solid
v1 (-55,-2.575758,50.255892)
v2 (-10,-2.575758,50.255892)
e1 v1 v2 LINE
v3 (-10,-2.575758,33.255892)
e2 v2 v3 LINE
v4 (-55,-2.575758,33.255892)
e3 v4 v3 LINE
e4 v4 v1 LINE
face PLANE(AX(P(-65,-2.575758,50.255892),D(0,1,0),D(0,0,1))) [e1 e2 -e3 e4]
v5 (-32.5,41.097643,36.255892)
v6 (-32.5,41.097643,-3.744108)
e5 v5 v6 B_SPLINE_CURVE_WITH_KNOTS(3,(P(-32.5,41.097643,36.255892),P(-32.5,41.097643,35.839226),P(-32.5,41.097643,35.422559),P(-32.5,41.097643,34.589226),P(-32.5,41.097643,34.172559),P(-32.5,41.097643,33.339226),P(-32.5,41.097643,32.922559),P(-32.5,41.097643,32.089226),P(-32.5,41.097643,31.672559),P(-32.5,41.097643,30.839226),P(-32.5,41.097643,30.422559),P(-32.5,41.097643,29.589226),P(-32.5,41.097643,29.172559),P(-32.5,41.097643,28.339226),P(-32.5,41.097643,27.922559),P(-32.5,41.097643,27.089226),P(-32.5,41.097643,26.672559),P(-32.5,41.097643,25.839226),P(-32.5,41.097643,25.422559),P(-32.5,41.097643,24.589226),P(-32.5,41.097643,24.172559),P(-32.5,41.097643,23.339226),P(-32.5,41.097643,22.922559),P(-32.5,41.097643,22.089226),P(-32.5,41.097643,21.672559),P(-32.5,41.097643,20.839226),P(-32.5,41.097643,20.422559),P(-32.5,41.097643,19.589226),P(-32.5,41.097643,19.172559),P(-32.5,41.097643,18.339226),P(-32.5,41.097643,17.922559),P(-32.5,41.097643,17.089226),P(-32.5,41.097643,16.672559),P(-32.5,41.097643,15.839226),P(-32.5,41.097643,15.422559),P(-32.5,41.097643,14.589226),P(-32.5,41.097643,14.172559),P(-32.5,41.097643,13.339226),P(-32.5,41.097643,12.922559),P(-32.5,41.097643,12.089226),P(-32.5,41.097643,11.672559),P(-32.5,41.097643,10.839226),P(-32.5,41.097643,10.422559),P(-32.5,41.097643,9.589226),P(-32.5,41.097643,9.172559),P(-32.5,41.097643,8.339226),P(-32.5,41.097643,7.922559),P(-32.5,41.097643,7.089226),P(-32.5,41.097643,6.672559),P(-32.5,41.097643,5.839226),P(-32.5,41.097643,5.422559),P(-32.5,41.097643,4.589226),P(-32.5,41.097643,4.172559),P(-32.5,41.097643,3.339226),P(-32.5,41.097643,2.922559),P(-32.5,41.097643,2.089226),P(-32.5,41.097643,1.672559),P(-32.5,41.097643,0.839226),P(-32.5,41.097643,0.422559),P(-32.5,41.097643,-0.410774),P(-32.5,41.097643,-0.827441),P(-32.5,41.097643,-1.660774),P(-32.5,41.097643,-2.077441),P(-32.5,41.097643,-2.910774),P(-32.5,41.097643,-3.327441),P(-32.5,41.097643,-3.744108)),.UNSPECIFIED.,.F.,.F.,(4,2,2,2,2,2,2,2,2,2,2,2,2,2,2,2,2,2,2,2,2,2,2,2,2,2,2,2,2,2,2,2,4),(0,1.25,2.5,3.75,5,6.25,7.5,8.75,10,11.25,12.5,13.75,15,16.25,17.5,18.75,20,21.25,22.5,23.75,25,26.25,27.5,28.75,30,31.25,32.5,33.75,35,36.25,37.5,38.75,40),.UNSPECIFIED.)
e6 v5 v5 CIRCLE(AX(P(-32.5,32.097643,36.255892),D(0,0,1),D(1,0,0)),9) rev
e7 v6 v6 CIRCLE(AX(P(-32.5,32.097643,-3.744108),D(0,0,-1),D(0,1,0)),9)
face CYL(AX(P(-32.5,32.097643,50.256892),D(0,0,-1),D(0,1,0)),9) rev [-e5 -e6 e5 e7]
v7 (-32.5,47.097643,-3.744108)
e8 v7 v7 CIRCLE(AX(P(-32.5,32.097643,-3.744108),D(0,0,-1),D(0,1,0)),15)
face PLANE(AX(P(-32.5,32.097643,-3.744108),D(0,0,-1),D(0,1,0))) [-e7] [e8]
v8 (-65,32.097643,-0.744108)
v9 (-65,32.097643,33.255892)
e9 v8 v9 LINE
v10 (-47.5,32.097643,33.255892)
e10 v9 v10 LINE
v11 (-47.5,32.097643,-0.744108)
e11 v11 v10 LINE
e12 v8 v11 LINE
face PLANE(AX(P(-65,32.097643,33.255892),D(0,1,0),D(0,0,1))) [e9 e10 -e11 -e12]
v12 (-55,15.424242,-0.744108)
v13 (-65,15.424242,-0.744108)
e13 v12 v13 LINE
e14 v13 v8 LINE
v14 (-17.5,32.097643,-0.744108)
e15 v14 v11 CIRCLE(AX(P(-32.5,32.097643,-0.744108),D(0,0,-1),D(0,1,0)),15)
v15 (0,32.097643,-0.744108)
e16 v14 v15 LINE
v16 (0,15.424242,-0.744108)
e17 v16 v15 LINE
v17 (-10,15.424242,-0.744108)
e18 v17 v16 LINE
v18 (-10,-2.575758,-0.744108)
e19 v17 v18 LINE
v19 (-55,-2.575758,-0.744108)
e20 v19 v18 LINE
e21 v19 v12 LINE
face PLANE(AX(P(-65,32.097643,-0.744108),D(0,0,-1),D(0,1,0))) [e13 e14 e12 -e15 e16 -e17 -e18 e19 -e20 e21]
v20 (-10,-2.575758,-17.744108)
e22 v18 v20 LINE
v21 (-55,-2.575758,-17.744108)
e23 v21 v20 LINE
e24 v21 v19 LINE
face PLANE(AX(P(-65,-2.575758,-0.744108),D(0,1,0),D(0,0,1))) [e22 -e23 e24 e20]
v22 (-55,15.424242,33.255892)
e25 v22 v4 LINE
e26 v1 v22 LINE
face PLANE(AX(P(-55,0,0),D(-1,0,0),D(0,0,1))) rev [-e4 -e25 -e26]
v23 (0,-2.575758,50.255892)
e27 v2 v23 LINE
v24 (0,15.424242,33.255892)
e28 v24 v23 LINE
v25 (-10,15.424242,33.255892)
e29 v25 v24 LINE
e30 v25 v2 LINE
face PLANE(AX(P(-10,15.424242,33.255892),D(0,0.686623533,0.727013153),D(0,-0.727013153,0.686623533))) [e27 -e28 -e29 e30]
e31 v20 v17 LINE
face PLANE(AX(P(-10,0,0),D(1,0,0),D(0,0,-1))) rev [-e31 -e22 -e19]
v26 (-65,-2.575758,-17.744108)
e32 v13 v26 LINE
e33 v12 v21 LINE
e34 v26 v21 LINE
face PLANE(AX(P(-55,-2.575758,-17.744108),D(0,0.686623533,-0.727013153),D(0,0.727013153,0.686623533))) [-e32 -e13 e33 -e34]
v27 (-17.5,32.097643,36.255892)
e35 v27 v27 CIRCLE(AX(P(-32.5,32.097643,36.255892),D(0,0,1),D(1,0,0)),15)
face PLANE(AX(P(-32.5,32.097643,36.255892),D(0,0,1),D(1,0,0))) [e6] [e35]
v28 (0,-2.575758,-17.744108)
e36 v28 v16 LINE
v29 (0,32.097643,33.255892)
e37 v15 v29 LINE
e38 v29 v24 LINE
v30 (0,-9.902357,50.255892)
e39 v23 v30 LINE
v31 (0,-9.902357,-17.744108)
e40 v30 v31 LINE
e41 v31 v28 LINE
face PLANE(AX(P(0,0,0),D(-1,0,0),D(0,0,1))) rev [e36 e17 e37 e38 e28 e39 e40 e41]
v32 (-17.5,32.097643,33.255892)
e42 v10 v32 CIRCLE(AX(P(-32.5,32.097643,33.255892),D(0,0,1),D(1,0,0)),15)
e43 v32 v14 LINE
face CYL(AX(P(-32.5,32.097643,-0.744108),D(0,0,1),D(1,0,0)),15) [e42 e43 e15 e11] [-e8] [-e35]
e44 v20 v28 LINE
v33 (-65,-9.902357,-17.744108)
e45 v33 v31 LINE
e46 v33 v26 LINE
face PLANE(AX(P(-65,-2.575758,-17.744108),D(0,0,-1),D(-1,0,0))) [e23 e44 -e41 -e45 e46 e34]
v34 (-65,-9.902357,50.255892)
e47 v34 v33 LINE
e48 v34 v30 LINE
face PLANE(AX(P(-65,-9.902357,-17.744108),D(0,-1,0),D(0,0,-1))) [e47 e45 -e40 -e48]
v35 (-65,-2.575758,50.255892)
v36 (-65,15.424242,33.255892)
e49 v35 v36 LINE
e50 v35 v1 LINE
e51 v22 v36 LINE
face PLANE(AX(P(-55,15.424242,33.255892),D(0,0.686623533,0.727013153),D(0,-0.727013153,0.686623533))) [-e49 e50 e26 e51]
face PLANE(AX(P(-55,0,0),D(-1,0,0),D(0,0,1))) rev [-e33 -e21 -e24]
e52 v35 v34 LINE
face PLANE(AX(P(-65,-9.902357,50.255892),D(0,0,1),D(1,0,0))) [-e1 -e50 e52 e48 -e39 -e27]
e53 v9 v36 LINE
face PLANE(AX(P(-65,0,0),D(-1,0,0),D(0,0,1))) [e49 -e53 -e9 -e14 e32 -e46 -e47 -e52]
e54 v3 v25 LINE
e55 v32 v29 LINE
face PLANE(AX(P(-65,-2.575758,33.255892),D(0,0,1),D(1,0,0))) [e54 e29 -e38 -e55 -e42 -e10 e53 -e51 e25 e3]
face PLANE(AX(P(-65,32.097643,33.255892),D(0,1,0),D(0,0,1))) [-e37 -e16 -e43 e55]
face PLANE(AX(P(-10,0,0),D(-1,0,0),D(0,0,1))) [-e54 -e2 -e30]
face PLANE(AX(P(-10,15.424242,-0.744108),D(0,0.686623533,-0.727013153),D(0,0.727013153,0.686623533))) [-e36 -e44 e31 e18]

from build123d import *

# Parameters (mm, degrees)
BOSS_EXTRUDE1_DEPTH = 65
BOSS_EXTRUDE2_DEPTH = 10
BOSS_EXTRUDE3_DEPTH = 10
BOSS_EXTRUDE4_DEPTH = 10
BOSS_EXTRUDE5_DEPTH = 10
SKETCH6_R           = 15
BOSS_EXTRUDE6_DEPTH = 34
BOSS_EXTRUDE7_START = 3
SKETCH7_R           = 15
BOSS_EXTRUDE7_DEPTH = 3
SKETCH8_R           = 15
BOSS_EXTRUDE8_DEPTH = 3
CUT_EXTRUDE1_REACH  = 98.743
SKETCH9_R           = 9


with BuildPart() as part:
    # Sketch1 → Boss-Extrude1 (new body)
    with BuildSketch(Plane(origin=(0, 0, 0), x_dir=(0, 0, -1), z_dir=(1, 0, 0))):
        Polygon((-50.255892256, -9.902356902), (-50.255892256, -2.575757576), (-33.255892256, -2.575757576), (-33.255892256, 32.097643098), (0.744107744, 32.097643098), (0.744107744, -2.575757576), (17.744107744, -2.575757576), (17.744107744, -9.902356902), align=None)
    extrude(amount=-BOSS_EXTRUDE1_DEPTH)

    # Sketch2 → Boss-Extrude2 (add)
    with BuildSketch(Plane(origin=(0, 0, 0), x_dir=(0, 0, -1), z_dir=(1, 0, 0))):
        Polygon((-33.255892256, 15.424242424), (-50.255892256, -2.575757576), (-33.255892256, -2.575757576), align=None)
    extrude(amount=-BOSS_EXTRUDE2_DEPTH)

    # Sketch3 → Boss-Extrude3 (add)
    with BuildSketch(Plane.ZY.offset(65)):
        Polygon((33.255892256, 15.424242424), (50.255892256, -2.575757576), (33.255892256, -2.575757576), align=None)
    extrude(amount=-BOSS_EXTRUDE3_DEPTH)

    # Sketch4 → Boss-Extrude4 (add)
    with BuildSketch(Plane.ZY.offset(65)):
        Polygon((-17.744107744, -2.575757576), (-0.744107744, 15.424242424), (-0.744107744, -2.575757576), align=None)
    extrude(amount=-BOSS_EXTRUDE4_DEPTH)

    # Sketch5 → Boss-Extrude5 (add)
    with BuildSketch(Plane(origin=(0, 0, 0), x_dir=(0, 0, -1), z_dir=(1, 0, 0))):
        Polygon((0.744107744, 15.424242424), (17.744107744, -2.575757576), (0.744107744, -2.575757576), align=None)
    extrude(amount=-BOSS_EXTRUDE5_DEPTH)

    # Sketch6 → Boss-Extrude6 (add)
    with BuildSketch(Plane.XY.offset(33.255892256)):
        with Locations((-32.5, 32.097643098)):
            Circle(SKETCH6_R)
    extrude(amount=-BOSS_EXTRUDE6_DEPTH)

    # Sketch7 → Boss-Extrude7 (add)
    with BuildSketch(Plane.XY.offset(33.255892256).offset(BOSS_EXTRUDE7_START)):
        with Locations((-32.5, 32.097643098)):
            Circle(SKETCH7_R)
    extrude(amount=-BOSS_EXTRUDE7_DEPTH)

    # Sketch8 → Boss-Extrude8 (add)
    with BuildSketch(Plane(origin=(0, 0, -0.744107744), x_dir=(-1, 0, 0), z_dir=(0, 0, -1))):
        with Locations(Location((32.5, 32.097643098, 0), (0, 0, 180))):
            Circle(SKETCH8_R)
    extrude(amount=BOSS_EXTRUDE8_DEPTH)

    # Sketch9 → Cut-Extrude1 (cut, up to next)
    with BuildSketch(Plane(origin=(0, 0, -3.744107744), x_dir=(-1, 0, 0), z_dir=(0, 0, -1)), mode=Mode.PRIVATE) as cut_extrude1_sk1:
        with Locations(Location((32.5, 32.097643098, 0), (0, 0, 90))):
            Circle(SKETCH9_R)
    cut_extrude1_tool1 = extrude(cut_extrude1_sk1.sketch, amount=-CUT_EXTRUDE1_REACH, mode=Mode.PRIVATE) & part.part
    add(cut_extrude1_tool1.solids().sort_by_distance((-32.5, 32.097643, -3.744108))[0], mode=Mode.SUBTRACT)


solid = part.part
